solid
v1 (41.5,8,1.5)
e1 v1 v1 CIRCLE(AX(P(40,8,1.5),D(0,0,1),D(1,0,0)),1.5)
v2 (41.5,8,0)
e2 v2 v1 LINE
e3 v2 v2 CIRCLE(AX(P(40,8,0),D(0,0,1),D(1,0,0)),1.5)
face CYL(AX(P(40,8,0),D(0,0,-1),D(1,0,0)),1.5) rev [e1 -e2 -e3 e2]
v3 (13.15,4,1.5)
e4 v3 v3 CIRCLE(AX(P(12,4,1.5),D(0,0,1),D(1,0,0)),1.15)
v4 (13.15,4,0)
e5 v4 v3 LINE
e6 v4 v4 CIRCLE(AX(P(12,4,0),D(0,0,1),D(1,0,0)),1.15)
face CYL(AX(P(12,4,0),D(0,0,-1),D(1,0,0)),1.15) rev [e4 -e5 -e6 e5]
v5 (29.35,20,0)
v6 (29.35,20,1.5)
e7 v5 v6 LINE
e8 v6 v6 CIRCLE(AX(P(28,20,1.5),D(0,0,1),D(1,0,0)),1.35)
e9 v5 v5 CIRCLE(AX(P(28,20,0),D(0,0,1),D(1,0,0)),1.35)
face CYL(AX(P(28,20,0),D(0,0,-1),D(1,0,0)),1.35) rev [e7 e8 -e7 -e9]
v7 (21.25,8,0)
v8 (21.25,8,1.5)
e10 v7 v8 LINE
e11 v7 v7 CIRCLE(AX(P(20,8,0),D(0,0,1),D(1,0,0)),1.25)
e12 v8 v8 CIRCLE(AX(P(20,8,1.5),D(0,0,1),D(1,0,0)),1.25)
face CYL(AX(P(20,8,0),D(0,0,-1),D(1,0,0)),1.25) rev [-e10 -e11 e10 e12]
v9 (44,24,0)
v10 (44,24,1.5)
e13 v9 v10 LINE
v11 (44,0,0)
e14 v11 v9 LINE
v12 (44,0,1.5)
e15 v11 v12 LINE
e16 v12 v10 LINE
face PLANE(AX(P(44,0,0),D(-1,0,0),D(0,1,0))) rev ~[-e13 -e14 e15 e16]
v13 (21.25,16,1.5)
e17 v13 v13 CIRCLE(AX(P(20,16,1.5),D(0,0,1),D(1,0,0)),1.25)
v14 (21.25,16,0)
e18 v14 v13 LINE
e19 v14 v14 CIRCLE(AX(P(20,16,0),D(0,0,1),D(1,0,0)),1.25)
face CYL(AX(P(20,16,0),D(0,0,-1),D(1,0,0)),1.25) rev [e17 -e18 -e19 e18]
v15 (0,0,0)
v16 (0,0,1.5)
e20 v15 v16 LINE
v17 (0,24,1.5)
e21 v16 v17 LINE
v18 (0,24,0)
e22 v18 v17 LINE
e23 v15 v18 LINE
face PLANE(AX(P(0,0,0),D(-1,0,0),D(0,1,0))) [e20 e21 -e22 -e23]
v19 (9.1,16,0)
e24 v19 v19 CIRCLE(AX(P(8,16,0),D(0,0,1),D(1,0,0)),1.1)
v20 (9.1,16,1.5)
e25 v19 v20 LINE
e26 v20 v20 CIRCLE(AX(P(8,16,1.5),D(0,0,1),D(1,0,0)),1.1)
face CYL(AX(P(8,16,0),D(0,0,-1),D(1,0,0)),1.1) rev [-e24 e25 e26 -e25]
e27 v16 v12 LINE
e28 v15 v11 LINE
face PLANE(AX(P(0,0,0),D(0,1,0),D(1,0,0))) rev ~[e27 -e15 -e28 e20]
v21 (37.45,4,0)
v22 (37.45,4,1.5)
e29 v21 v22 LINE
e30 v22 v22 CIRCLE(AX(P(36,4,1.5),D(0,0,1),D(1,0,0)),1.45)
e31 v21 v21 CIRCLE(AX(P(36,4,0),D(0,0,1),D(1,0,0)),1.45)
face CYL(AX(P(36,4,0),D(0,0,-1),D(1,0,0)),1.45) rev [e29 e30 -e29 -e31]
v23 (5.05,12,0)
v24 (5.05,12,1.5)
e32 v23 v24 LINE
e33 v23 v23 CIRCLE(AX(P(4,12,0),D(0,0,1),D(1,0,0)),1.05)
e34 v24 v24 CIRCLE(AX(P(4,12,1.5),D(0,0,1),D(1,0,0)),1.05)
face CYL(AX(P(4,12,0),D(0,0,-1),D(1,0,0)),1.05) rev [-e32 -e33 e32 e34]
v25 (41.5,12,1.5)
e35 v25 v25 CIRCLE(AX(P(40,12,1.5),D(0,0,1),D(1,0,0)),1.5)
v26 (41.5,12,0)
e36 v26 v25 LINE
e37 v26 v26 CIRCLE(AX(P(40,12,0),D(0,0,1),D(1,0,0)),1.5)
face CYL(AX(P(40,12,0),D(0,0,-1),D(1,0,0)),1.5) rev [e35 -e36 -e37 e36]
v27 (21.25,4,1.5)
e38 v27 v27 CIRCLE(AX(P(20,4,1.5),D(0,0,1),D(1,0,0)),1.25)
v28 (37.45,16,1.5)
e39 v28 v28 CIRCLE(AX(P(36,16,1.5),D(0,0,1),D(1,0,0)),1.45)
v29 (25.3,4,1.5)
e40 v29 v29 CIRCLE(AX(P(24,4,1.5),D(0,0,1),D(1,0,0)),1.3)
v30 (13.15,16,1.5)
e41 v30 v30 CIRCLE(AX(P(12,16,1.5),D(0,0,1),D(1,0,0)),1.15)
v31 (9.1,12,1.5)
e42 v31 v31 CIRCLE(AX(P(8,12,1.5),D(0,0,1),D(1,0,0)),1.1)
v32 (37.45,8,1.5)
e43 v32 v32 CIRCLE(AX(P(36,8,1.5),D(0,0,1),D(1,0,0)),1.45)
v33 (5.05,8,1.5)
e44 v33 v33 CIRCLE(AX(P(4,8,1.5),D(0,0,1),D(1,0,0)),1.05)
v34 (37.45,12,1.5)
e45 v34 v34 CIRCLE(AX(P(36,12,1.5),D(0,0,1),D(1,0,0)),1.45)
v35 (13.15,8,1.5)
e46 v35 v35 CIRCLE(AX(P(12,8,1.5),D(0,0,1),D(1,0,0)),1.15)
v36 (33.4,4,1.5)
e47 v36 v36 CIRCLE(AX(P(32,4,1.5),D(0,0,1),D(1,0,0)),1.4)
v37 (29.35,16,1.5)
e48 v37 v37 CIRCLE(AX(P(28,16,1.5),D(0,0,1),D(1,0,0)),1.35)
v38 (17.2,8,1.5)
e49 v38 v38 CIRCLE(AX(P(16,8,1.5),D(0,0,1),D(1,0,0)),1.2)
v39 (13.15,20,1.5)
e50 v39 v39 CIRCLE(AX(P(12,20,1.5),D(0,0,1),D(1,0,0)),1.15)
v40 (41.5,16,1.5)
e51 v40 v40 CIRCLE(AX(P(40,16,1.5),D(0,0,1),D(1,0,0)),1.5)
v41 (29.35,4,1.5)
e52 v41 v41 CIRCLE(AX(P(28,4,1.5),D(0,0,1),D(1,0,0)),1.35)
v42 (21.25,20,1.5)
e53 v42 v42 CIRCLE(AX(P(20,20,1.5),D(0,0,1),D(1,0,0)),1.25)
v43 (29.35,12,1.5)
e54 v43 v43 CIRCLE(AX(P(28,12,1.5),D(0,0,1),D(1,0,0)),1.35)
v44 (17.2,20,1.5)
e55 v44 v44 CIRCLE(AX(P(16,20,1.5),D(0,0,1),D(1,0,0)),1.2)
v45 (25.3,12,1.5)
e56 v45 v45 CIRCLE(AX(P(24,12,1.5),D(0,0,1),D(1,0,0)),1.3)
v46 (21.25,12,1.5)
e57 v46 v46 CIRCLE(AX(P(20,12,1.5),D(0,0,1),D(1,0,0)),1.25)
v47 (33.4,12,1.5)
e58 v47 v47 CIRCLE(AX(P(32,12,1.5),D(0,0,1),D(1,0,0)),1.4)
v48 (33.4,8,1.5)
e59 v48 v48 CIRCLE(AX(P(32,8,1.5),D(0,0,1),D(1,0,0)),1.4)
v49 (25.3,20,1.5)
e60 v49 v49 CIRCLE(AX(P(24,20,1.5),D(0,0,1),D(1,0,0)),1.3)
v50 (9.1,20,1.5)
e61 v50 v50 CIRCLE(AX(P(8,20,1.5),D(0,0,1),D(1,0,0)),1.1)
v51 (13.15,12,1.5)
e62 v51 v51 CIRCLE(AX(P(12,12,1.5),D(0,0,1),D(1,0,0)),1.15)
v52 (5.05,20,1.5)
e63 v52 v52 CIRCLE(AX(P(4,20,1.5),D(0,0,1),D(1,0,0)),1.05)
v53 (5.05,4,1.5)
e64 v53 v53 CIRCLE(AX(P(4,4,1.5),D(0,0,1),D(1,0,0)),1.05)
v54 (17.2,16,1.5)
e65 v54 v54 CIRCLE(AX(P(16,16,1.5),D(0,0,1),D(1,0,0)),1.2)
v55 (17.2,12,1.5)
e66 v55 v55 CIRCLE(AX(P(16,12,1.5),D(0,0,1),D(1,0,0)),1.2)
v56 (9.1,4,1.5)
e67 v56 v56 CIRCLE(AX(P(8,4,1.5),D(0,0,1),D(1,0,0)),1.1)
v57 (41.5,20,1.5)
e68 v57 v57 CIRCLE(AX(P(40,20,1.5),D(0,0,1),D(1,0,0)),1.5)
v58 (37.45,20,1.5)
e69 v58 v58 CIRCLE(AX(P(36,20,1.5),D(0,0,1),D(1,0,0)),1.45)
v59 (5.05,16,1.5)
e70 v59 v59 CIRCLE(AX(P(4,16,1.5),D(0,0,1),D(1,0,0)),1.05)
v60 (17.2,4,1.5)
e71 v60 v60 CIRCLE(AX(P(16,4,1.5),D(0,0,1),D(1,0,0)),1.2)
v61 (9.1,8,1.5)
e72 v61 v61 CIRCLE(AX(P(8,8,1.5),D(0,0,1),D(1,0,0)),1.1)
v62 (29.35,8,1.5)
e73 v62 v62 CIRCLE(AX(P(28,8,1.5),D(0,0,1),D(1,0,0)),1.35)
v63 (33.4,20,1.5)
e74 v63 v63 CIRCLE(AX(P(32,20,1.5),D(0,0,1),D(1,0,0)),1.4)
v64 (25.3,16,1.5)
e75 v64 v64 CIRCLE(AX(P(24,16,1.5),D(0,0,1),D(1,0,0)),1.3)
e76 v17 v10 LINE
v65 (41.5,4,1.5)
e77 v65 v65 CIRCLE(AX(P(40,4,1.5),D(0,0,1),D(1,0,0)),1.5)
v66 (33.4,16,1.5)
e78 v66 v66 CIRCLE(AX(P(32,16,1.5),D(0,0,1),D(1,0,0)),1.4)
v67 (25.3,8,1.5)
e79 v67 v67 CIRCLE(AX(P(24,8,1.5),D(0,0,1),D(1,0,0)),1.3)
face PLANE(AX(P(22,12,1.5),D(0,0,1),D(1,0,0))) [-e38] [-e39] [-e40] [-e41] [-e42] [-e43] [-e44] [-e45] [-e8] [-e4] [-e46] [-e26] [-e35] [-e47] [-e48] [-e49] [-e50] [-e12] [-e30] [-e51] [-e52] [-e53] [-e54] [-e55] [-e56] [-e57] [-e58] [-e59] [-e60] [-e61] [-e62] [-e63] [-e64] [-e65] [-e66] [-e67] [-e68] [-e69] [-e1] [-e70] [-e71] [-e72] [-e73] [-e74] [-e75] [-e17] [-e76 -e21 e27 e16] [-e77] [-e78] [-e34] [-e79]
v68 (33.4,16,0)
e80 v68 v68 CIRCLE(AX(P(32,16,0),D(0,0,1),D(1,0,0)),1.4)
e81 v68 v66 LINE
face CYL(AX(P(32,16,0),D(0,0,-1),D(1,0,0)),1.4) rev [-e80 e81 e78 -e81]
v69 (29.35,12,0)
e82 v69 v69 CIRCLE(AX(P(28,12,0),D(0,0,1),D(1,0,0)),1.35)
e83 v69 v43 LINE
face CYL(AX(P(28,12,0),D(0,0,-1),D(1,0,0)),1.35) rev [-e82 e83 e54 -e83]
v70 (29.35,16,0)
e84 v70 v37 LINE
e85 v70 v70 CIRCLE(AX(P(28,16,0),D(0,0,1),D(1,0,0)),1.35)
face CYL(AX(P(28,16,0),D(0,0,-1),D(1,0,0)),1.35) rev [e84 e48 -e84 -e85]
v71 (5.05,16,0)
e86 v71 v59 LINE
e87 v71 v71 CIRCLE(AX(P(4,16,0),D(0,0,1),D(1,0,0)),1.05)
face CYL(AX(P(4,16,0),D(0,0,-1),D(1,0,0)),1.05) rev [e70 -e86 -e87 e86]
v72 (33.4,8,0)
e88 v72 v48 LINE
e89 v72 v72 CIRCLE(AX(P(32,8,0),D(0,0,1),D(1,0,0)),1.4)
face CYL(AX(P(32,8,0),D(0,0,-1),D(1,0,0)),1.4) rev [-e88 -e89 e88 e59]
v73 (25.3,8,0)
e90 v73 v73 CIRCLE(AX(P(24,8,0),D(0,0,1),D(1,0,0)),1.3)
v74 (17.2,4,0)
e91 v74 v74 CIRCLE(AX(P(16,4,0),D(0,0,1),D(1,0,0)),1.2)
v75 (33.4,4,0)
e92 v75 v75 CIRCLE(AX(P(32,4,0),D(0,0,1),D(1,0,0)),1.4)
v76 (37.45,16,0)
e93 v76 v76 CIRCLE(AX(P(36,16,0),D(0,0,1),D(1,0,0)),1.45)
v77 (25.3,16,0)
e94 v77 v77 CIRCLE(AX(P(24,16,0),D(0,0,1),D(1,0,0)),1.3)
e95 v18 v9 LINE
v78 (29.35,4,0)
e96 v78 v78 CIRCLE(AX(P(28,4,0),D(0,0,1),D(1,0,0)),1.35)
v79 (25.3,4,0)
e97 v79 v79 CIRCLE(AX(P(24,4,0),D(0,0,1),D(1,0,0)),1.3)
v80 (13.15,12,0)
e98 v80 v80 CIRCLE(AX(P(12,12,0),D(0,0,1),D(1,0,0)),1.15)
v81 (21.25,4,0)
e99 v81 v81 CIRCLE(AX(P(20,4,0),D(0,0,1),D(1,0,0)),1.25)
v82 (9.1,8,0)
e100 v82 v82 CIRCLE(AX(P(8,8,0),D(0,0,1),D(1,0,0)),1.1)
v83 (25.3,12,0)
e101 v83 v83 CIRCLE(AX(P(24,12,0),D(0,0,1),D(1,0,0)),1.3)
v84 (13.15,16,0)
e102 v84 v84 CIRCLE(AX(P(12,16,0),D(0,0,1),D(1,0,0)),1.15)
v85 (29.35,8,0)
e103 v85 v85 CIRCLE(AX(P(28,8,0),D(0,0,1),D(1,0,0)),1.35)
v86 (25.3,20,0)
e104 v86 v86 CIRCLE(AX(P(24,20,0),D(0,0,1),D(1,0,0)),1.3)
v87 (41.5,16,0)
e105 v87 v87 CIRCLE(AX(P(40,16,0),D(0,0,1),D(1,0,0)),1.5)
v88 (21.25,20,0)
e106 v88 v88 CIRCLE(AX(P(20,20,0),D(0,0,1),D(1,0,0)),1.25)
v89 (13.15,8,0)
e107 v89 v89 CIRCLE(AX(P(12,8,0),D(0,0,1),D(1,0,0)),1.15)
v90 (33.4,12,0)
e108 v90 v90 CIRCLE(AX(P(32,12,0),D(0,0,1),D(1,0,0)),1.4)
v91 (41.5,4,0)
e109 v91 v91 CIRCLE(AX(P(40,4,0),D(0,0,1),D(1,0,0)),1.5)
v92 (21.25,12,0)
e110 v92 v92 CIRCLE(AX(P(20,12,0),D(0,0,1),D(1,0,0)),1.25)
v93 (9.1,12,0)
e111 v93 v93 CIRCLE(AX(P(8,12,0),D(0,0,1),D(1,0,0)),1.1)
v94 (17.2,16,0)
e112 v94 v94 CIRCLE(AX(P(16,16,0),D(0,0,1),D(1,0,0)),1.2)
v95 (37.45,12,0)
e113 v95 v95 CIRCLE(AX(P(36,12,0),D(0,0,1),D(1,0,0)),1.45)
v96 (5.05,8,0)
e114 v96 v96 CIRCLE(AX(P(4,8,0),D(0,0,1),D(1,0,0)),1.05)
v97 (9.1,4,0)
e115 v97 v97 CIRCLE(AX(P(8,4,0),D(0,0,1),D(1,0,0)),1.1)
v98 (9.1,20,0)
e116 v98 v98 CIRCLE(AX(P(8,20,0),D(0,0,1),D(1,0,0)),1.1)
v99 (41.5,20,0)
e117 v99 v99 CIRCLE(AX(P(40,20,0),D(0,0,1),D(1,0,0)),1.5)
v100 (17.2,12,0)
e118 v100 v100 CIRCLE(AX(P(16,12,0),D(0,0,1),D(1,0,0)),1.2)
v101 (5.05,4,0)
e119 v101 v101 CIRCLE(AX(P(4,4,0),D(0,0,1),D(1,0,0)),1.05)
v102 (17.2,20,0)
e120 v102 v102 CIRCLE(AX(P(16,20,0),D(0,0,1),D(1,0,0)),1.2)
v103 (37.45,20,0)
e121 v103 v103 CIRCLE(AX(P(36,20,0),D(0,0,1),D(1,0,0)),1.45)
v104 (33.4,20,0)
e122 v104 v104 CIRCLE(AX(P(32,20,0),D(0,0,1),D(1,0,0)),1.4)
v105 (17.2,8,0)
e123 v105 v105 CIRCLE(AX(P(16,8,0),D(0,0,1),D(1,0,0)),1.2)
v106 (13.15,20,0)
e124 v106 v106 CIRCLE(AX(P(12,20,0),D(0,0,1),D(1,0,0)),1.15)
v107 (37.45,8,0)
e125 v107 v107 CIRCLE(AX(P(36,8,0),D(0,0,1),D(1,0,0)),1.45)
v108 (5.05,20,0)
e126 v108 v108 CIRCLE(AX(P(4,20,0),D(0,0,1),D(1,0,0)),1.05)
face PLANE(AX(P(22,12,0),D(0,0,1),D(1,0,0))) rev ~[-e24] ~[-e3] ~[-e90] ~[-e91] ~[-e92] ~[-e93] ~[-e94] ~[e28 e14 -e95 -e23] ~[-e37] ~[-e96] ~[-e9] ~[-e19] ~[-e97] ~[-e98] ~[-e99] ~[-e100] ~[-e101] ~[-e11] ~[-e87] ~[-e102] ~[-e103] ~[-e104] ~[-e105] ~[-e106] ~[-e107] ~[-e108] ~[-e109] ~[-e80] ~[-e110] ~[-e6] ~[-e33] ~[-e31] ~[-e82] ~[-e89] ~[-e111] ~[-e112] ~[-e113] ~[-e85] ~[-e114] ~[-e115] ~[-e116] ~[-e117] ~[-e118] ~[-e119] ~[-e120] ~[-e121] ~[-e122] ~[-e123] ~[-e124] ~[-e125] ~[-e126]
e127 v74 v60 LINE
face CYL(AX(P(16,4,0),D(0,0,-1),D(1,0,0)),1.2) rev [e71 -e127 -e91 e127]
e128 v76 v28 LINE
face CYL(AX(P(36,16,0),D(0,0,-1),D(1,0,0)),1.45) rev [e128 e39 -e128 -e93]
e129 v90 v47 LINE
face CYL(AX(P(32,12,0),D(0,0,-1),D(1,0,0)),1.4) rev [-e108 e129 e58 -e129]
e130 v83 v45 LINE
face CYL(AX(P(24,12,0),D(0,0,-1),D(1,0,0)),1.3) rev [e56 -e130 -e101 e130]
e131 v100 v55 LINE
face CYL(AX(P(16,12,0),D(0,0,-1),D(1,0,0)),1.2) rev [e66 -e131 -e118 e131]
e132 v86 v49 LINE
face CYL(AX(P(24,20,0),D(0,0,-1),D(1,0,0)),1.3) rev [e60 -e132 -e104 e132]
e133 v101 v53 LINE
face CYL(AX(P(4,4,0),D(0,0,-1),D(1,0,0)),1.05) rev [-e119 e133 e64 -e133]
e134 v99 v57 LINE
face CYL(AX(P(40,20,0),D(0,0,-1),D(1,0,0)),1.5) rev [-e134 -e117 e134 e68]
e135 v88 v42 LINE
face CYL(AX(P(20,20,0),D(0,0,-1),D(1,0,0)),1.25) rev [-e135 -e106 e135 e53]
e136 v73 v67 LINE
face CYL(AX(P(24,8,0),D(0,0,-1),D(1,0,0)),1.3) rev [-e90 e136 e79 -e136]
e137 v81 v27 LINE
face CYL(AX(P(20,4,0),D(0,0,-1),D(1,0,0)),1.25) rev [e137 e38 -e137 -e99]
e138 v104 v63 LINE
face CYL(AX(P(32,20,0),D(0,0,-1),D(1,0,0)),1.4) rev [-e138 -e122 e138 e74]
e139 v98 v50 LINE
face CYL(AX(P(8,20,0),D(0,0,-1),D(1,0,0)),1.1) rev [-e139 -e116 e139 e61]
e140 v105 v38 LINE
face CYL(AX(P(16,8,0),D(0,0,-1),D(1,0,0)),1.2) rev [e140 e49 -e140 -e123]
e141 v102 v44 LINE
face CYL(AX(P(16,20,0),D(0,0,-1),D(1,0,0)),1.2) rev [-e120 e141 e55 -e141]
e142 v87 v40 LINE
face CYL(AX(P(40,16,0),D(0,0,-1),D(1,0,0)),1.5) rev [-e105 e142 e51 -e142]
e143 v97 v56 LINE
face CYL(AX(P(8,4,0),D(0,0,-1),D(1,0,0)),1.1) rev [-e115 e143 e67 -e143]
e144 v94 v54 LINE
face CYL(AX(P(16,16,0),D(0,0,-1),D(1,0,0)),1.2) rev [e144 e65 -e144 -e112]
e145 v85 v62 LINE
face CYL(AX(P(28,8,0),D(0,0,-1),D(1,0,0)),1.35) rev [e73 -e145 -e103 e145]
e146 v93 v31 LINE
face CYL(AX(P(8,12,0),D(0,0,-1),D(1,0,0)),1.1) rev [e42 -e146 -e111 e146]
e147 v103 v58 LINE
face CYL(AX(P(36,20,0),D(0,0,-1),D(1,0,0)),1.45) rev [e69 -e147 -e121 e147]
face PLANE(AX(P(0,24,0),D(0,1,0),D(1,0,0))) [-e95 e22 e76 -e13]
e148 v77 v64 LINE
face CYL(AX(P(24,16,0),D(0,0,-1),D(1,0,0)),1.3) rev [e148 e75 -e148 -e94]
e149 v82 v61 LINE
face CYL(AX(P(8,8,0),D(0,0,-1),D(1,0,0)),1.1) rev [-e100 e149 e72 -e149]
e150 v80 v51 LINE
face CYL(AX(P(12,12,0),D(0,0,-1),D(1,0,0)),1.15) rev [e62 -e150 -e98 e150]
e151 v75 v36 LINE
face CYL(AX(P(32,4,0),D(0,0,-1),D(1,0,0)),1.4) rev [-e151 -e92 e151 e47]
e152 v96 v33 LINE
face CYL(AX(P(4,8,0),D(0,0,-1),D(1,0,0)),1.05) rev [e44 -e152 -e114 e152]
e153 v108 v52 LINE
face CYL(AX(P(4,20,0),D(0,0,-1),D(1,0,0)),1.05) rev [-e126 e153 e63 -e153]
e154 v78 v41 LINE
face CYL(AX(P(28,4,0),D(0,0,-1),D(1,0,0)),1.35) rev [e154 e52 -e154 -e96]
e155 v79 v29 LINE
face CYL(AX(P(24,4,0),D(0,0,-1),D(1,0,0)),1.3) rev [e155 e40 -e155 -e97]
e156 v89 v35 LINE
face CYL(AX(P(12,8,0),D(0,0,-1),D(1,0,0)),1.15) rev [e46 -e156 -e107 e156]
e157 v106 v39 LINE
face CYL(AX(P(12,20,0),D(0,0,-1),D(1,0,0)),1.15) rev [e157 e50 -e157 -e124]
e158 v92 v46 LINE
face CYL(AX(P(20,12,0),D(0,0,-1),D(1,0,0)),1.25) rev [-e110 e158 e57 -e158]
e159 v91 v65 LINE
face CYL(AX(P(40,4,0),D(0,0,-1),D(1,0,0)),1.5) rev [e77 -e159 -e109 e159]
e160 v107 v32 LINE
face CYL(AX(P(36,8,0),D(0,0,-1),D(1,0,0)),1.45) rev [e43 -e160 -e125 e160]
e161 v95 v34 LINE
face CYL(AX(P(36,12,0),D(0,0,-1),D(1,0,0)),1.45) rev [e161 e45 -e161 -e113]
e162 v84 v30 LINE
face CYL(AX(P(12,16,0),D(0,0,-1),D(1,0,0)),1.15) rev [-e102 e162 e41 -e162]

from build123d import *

# Parameters (mm, degrees)
SKETCH_3_W           = 44
SKETCH_3_H           = 24
EXTRUDE_2_DEPTH      = 1.5
SKETCH_4_R           = 1.05
CUT_EXTRUDE_1_DEPTH  = 1.5
SKETCH_5_R           = 1.1
CUT_EXTRUDE_2_DEPTH  = 1.5
SKETCH_6_R           = 1.15
CUT_EXTRUDE_3_DEPTH  = 1.5
SKETCH_7_R           = 1.2
CUT_EXTRUDE_4_DEPTH  = 1.5
SKETCH_8_R           = 1.25
CUT_EXTRUDE_6_DEPTH  = 1.5
SKETCH_10_R          = 1.3
CUT_EXTRUDE_7_DEPTH  = 1.5
SKETCH_11_R          = 1.35
CUT_EXTRUDE_8_DEPTH  = 1.5
SKETCH_12_R          = 1.4
CUT_EXTRUDE_9_DEPTH  = 1.5
SKETCH_13_R          = 1.45
CUT_EXTRUDE_10_DEPTH = 1.5
SKETCH_14_R          = 1.5
CUT_EXTRUDE_11_DEPTH = 1.5


with BuildPart() as part:
    # 草图3 → 凸台-拉伸2 (new body)
    with BuildSketch(Plane.XY):
        with Locations((22, 12)):
            Rectangle(SKETCH_3_W, SKETCH_3_H)
    extrude(amount=EXTRUDE_2_DEPTH)

    # 草图4 → 切除-拉伸1 (cut)
    with BuildSketch(Plane.XY):
        with Locations((4, 4)):
            Circle(SKETCH_4_R)
        with Locations((4, 8)):
            Circle(SKETCH_4_R)
        with Locations((4, 12)):
            Circle(SKETCH_4_R)
        with Locations((4, 16)):
            Circle(SKETCH_4_R)
        with Locations((4, 20)):
            Circle(SKETCH_4_R)
    extrude(amount=CUT_EXTRUDE_1_DEPTH, mode=Mode.SUBTRACT)

    # 草图5 → 切除-拉伸2 (cut)
    with BuildSketch(Plane.XY):
        with Locations((8, 4)):
            Circle(SKETCH_5_R)
        with Locations((8, 8)):
            Circle(SKETCH_5_R)
        with Locations((8, 12)):
            Circle(SKETCH_5_R)
        with Locations((8, 16)):
            Circle(SKETCH_5_R)
        with Locations((8, 20)):
            Circle(SKETCH_5_R)
    extrude(amount=CUT_EXTRUDE_2_DEPTH, mode=Mode.SUBTRACT)

    # 草图6 → 切除-拉伸3 (cut)
    with BuildSketch(Plane.XY):
        with Locations((12, 4)):
            Circle(SKETCH_6_R)
        with Locations((12, 8)):
            Circle(SKETCH_6_R)
        with Locations((12, 12)):
            Circle(SKETCH_6_R)
        with Locations((12, 16)):
            Circle(SKETCH_6_R)
        with Locations((12, 20)):
            Circle(SKETCH_6_R)
    extrude(amount=CUT_EXTRUDE_3_DEPTH, mode=Mode.SUBTRACT)

    # 草图7 → 切除-拉伸4 (cut)
    with BuildSketch(Plane.XY):
        with Locations((16, 4)):
            Circle(SKETCH_7_R)
        with Locations((16, 8)):
            Circle(SKETCH_7_R)
        with Locations((16, 12)):
            Circle(SKETCH_7_R)
        with Locations((16, 16)):
            Circle(SKETCH_7_R)
        with Locations((16, 20)):
            Circle(SKETCH_7_R)
    extrude(amount=CUT_EXTRUDE_4_DEPTH, mode=Mode.SUBTRACT)

    # 草图8 → 切除-拉伸6 (cut)
    with BuildSketch(Plane.XY):
        with Locations((20, 4)):
            Circle(SKETCH_8_R)
        with Locations((20, 8)):
            Circle(SKETCH_8_R)
        with Locations((20, 12)):
            Circle(SKETCH_8_R)
        with Locations((20, 16)):
            Circle(SKETCH_8_R)
        with Locations((20, 20)):
            Circle(SKETCH_8_R)
    extrude(amount=CUT_EXTRUDE_6_DEPTH, mode=Mode.SUBTRACT)

    # 草图10 → 切除-拉伸7 (cut)
    with BuildSketch(Plane.XY):
        with Locations((24, 4)):
            Circle(SKETCH_10_R)
        with Locations((24, 8)):
            Circle(SKETCH_10_R)
        with Locations((24, 12)):
            Circle(SKETCH_10_R)
        with Locations((24, 16)):
            Circle(SKETCH_10_R)
        with Locations((24, 20)):
            Circle(SKETCH_10_R)
    extrude(amount=CUT_EXTRUDE_7_DEPTH, mode=Mode.SUBTRACT)

    # 草图11 → 切除-拉伸8 (cut)
    with BuildSketch(Plane.XY):
        with Locations((28, 4)):
            Circle(SKETCH_11_R)
        with Locations((28, 8)):
            Circle(SKETCH_11_R)
        with Locations((28, 12)):
            Circle(SKETCH_11_R)
        with Locations((28, 16)):
            Circle(SKETCH_11_R)
        with Locations((28, 20)):
            Circle(SKETCH_11_R)
    extrude(amount=CUT_EXTRUDE_8_DEPTH, mode=Mode.SUBTRACT)

    # 草图12 → 切除-拉伸9 (cut)
    with BuildSketch(Plane.XY):
        with Locations((32, 4)):
            Circle(SKETCH_12_R)
        with Locations((32, 8)):
            Circle(SKETCH_12_R)
        with Locations((32, 12)):
            Circle(SKETCH_12_R)
        with Locations((32, 16)):
            Circle(SKETCH_12_R)
        with Locations((32, 20)):
            Circle(SKETCH_12_R)
    extrude(amount=CUT_EXTRUDE_9_DEPTH, mode=Mode.SUBTRACT)

    # 草图13 → 切除-拉伸10 (cut)
    with BuildSketch(Plane.XY):
        with Locations((36, 4)):
            Circle(SKETCH_13_R)
        with Locations((36, 8)):
            Circle(SKETCH_13_R)
        with Locations((36, 12)):
            Circle(SKETCH_13_R)
        with Locations((36, 16)):
            Circle(SKETCH_13_R)
        with Locations((36, 20)):
            Circle(SKETCH_13_R)
    extrude(amount=CUT_EXTRUDE_10_DEPTH, mode=Mode.SUBTRACT)

    # 草图14 → 切除-拉伸11 (cut)
    with BuildSketch(Plane.XY):
        with Locations((40, 4)):
            Circle(SKETCH_14_R)
        with Locations((40, 8)):
            Circle(SKETCH_14_R)
        with Locations((40, 12)):
            Circle(SKETCH_14_R)
        with Locations((40, 16)):
            Circle(SKETCH_14_R)
        with Locations((40, 20)):
            Circle(SKETCH_14_R)
    extrude(amount=CUT_EXTRUDE_11_DEPTH, mode=Mode.SUBTRACT)


solid = part.part
